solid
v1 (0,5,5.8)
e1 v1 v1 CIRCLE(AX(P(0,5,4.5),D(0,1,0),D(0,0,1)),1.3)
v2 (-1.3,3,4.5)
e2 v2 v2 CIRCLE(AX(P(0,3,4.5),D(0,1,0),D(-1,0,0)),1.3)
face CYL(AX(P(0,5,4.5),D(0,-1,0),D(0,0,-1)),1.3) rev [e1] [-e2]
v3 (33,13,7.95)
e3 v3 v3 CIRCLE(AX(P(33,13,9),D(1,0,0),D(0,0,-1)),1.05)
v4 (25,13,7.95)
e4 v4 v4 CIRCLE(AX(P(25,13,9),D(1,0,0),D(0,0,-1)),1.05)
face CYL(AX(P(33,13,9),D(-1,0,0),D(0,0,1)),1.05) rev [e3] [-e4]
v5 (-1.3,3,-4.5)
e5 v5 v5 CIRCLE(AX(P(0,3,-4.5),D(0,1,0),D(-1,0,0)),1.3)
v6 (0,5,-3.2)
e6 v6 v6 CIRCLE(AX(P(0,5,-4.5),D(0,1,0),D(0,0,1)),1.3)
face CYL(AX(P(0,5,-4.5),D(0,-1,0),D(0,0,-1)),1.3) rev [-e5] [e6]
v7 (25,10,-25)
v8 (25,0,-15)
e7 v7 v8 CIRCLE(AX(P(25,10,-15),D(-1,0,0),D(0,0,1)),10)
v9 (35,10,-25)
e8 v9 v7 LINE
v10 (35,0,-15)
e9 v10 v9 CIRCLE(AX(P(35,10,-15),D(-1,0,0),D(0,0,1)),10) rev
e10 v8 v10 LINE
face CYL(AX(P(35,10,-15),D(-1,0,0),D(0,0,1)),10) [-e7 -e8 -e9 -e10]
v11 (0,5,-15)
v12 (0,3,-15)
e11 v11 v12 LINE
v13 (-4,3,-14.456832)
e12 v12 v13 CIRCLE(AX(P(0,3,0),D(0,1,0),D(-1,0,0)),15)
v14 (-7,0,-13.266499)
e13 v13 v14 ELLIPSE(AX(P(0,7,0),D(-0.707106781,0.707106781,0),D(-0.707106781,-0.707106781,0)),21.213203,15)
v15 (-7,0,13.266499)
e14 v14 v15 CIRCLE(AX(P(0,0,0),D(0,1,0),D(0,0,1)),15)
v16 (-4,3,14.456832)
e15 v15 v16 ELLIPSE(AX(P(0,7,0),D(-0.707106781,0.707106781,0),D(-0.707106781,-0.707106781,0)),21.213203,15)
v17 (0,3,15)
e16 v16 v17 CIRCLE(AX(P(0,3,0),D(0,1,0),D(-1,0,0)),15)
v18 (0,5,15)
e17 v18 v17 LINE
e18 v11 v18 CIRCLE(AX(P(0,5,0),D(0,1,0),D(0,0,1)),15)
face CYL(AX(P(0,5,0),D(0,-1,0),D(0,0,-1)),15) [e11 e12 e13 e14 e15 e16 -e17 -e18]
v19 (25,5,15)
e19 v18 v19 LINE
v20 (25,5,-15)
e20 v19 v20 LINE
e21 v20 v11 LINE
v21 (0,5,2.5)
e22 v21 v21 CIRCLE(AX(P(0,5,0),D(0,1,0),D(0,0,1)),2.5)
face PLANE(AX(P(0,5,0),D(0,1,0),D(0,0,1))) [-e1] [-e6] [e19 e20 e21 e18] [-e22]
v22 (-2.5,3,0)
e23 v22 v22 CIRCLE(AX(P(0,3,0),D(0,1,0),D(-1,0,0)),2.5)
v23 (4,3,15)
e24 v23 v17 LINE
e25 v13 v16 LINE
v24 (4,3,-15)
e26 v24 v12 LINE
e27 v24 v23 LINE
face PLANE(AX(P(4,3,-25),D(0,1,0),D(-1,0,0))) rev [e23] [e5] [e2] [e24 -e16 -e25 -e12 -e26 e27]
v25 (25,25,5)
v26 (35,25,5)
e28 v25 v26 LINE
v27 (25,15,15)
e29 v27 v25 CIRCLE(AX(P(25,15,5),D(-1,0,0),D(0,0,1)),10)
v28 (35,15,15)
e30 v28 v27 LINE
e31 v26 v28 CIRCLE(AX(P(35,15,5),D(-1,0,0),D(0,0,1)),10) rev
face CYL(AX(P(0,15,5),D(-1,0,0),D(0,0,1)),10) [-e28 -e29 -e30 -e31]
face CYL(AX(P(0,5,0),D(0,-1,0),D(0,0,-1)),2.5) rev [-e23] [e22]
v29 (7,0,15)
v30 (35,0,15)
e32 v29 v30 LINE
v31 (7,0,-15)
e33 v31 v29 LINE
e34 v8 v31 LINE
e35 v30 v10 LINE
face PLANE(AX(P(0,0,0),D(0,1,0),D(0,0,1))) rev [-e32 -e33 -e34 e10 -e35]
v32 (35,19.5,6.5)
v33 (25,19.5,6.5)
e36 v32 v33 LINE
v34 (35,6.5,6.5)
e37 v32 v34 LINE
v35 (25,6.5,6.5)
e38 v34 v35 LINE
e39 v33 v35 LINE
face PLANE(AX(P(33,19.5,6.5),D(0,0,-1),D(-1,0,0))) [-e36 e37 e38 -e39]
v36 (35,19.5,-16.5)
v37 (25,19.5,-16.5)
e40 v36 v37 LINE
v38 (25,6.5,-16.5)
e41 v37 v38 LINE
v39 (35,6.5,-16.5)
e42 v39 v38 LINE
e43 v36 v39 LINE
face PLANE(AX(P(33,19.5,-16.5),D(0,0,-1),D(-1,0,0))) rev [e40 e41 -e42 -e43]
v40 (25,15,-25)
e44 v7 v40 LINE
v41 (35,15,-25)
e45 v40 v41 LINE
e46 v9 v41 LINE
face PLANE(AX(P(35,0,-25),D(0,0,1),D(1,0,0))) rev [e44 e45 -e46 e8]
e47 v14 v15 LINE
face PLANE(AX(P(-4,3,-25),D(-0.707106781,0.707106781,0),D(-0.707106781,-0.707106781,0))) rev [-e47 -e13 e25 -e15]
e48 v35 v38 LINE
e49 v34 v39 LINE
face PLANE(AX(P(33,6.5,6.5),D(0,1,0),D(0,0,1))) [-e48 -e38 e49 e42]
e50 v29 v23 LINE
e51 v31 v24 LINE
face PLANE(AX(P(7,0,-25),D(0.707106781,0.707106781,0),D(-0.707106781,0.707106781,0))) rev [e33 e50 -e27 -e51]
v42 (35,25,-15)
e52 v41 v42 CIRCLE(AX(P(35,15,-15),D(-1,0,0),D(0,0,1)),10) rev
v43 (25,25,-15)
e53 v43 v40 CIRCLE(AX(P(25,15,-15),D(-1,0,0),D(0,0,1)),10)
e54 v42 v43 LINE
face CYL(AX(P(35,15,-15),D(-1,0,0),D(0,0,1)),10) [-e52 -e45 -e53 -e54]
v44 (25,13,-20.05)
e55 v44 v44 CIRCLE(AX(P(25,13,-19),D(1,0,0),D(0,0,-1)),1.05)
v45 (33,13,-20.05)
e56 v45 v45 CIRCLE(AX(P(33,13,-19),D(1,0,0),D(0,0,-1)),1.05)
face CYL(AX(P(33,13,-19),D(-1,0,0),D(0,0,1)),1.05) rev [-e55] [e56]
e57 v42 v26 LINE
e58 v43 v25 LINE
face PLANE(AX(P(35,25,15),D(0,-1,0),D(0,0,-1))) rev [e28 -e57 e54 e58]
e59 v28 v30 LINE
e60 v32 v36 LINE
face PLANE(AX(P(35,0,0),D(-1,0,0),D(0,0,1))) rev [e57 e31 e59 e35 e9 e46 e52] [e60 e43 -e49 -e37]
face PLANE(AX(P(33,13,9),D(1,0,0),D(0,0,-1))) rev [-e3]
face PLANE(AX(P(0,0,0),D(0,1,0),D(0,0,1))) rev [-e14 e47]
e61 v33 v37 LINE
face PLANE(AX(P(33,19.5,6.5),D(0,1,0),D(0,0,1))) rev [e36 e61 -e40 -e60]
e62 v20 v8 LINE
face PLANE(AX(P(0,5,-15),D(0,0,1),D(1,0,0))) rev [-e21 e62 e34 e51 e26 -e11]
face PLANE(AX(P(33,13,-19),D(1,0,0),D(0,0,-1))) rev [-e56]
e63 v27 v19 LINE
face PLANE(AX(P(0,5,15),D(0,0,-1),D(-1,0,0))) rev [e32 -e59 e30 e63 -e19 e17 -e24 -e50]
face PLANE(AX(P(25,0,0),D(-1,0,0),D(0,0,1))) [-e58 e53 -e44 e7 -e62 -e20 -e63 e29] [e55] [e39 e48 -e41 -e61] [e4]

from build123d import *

# Parameters (mm, degrees)
SKETCH1_R           = 2.5
SKETCH1_R_2         = 1.3
BOSS_EXTRUDE1_DEPTH = 5
SKETCH2_W           = 40
SKETCH2_H           = 25
BOSS_EXTRUDE2_DEPTH = 10
SKETCH3_W           = 23
SKETCH3_H           = 13
CUT_EXTRUDE1_DEPTH  = 8
SKETCH3_3_R         = 1.05
CUT_EXTRUDE2_DEPTH  = 8
SKETCH3_4_W         = 23
SKETCH3_4_H         = 13
CUT_EXTRUDE3_DEPTH  = 11
FILLET1_R           = 10
CUT_EXTRUDE4_DEPTH  = 41


with BuildPart() as part:
    # Sketch1 → Boss-Extrude1 (new body)
    with BuildSketch(Plane(origin=(0, 0, 0), x_dir=(1, 0, 0), z_dir=(0, 1, 0))):
        with BuildLine():
            Line((0, 15), (25, 15))
            Line((25, 15), (25, -15))
            Line((25, -15), (0, -15))
            ThreePointArc((0, -15), (-15, 0), (0, 15))
        make_face()
        Circle(SKETCH1_R, mode=Mode.SUBTRACT)
        with Locations((0, -4.5)):
            Circle(SKETCH1_R_2, mode=Mode.SUBTRACT)
        with Locations((0, 4.5)):
            Circle(SKETCH1_R_2, mode=Mode.SUBTRACT)
    extrude(amount=BOSS_EXTRUDE1_DEPTH)

    # Sketch2 → Boss-Extrude2 (add)
    with BuildSketch(Plane(origin=(25, 0, 0), x_dir=(0, 0, -1), z_dir=(1, 0, 0))):
        with Locations((5, 12.5)):
            Rectangle(SKETCH2_W, SKETCH2_H)
    extrude(amount=BOSS_EXTRUDE2_DEPTH)

    # Sketch3 → Cut-Extrude1 (cut)
    with BuildSketch(Plane(origin=(25, 0, 0), x_dir=(0, 0, -1), z_dir=(1, 0, 0))):
        with Locations((5, 13)):
            Rectangle(SKETCH3_W, SKETCH3_H)
    extrude(amount=CUT_EXTRUDE1_DEPTH, mode=Mode.SUBTRACT)

    # Sketch3<3> → Cut-Extrude2 (cut)
    with BuildSketch(Plane(origin=(25, 0, 0), x_dir=(0, 0, -1), z_dir=(1, 0, 0))):
        with Locations((-9, 13)):
            Circle(SKETCH3_3_R)
        with Locations((19, 13)):
            Circle(SKETCH3_3_R)
    extrude(amount=CUT_EXTRUDE2_DEPTH, mode=Mode.SUBTRACT)

    # Sketch3<4> → Cut-Extrude3 (cut, through all)
    with BuildSketch(Plane(origin=(25, 0, 0), x_dir=(0, 0, -1), z_dir=(1, 0, 0))):
        with Locations((5, 13)):
            Rectangle(SKETCH3_4_W, SKETCH3_4_H)
    extrude(amount=CUT_EXTRUDE3_DEPTH, mode=Mode.SUBTRACT)

    # Fillet1
    fillet1_edges = [part.edges().sort_by_distance(p)[0] for p in [
        (30, 0, -25),
        (30, 25, -25),
        (30, 25, 15),
    ]]
    fillet(fillet1_edges, radius=FILLET1_R)

    # Sketch4 → Cut-Extrude4 (cut, through all)
    with BuildSketch(Plane.XY.offset(15)):
        Polygon((7, 0), (4, 3), (-4, 3), (-7, 0), align=None)
    extrude(amount=-CUT_EXTRUDE4_DEPTH, mode=Mode.SUBTRACT)


solid = part.part
